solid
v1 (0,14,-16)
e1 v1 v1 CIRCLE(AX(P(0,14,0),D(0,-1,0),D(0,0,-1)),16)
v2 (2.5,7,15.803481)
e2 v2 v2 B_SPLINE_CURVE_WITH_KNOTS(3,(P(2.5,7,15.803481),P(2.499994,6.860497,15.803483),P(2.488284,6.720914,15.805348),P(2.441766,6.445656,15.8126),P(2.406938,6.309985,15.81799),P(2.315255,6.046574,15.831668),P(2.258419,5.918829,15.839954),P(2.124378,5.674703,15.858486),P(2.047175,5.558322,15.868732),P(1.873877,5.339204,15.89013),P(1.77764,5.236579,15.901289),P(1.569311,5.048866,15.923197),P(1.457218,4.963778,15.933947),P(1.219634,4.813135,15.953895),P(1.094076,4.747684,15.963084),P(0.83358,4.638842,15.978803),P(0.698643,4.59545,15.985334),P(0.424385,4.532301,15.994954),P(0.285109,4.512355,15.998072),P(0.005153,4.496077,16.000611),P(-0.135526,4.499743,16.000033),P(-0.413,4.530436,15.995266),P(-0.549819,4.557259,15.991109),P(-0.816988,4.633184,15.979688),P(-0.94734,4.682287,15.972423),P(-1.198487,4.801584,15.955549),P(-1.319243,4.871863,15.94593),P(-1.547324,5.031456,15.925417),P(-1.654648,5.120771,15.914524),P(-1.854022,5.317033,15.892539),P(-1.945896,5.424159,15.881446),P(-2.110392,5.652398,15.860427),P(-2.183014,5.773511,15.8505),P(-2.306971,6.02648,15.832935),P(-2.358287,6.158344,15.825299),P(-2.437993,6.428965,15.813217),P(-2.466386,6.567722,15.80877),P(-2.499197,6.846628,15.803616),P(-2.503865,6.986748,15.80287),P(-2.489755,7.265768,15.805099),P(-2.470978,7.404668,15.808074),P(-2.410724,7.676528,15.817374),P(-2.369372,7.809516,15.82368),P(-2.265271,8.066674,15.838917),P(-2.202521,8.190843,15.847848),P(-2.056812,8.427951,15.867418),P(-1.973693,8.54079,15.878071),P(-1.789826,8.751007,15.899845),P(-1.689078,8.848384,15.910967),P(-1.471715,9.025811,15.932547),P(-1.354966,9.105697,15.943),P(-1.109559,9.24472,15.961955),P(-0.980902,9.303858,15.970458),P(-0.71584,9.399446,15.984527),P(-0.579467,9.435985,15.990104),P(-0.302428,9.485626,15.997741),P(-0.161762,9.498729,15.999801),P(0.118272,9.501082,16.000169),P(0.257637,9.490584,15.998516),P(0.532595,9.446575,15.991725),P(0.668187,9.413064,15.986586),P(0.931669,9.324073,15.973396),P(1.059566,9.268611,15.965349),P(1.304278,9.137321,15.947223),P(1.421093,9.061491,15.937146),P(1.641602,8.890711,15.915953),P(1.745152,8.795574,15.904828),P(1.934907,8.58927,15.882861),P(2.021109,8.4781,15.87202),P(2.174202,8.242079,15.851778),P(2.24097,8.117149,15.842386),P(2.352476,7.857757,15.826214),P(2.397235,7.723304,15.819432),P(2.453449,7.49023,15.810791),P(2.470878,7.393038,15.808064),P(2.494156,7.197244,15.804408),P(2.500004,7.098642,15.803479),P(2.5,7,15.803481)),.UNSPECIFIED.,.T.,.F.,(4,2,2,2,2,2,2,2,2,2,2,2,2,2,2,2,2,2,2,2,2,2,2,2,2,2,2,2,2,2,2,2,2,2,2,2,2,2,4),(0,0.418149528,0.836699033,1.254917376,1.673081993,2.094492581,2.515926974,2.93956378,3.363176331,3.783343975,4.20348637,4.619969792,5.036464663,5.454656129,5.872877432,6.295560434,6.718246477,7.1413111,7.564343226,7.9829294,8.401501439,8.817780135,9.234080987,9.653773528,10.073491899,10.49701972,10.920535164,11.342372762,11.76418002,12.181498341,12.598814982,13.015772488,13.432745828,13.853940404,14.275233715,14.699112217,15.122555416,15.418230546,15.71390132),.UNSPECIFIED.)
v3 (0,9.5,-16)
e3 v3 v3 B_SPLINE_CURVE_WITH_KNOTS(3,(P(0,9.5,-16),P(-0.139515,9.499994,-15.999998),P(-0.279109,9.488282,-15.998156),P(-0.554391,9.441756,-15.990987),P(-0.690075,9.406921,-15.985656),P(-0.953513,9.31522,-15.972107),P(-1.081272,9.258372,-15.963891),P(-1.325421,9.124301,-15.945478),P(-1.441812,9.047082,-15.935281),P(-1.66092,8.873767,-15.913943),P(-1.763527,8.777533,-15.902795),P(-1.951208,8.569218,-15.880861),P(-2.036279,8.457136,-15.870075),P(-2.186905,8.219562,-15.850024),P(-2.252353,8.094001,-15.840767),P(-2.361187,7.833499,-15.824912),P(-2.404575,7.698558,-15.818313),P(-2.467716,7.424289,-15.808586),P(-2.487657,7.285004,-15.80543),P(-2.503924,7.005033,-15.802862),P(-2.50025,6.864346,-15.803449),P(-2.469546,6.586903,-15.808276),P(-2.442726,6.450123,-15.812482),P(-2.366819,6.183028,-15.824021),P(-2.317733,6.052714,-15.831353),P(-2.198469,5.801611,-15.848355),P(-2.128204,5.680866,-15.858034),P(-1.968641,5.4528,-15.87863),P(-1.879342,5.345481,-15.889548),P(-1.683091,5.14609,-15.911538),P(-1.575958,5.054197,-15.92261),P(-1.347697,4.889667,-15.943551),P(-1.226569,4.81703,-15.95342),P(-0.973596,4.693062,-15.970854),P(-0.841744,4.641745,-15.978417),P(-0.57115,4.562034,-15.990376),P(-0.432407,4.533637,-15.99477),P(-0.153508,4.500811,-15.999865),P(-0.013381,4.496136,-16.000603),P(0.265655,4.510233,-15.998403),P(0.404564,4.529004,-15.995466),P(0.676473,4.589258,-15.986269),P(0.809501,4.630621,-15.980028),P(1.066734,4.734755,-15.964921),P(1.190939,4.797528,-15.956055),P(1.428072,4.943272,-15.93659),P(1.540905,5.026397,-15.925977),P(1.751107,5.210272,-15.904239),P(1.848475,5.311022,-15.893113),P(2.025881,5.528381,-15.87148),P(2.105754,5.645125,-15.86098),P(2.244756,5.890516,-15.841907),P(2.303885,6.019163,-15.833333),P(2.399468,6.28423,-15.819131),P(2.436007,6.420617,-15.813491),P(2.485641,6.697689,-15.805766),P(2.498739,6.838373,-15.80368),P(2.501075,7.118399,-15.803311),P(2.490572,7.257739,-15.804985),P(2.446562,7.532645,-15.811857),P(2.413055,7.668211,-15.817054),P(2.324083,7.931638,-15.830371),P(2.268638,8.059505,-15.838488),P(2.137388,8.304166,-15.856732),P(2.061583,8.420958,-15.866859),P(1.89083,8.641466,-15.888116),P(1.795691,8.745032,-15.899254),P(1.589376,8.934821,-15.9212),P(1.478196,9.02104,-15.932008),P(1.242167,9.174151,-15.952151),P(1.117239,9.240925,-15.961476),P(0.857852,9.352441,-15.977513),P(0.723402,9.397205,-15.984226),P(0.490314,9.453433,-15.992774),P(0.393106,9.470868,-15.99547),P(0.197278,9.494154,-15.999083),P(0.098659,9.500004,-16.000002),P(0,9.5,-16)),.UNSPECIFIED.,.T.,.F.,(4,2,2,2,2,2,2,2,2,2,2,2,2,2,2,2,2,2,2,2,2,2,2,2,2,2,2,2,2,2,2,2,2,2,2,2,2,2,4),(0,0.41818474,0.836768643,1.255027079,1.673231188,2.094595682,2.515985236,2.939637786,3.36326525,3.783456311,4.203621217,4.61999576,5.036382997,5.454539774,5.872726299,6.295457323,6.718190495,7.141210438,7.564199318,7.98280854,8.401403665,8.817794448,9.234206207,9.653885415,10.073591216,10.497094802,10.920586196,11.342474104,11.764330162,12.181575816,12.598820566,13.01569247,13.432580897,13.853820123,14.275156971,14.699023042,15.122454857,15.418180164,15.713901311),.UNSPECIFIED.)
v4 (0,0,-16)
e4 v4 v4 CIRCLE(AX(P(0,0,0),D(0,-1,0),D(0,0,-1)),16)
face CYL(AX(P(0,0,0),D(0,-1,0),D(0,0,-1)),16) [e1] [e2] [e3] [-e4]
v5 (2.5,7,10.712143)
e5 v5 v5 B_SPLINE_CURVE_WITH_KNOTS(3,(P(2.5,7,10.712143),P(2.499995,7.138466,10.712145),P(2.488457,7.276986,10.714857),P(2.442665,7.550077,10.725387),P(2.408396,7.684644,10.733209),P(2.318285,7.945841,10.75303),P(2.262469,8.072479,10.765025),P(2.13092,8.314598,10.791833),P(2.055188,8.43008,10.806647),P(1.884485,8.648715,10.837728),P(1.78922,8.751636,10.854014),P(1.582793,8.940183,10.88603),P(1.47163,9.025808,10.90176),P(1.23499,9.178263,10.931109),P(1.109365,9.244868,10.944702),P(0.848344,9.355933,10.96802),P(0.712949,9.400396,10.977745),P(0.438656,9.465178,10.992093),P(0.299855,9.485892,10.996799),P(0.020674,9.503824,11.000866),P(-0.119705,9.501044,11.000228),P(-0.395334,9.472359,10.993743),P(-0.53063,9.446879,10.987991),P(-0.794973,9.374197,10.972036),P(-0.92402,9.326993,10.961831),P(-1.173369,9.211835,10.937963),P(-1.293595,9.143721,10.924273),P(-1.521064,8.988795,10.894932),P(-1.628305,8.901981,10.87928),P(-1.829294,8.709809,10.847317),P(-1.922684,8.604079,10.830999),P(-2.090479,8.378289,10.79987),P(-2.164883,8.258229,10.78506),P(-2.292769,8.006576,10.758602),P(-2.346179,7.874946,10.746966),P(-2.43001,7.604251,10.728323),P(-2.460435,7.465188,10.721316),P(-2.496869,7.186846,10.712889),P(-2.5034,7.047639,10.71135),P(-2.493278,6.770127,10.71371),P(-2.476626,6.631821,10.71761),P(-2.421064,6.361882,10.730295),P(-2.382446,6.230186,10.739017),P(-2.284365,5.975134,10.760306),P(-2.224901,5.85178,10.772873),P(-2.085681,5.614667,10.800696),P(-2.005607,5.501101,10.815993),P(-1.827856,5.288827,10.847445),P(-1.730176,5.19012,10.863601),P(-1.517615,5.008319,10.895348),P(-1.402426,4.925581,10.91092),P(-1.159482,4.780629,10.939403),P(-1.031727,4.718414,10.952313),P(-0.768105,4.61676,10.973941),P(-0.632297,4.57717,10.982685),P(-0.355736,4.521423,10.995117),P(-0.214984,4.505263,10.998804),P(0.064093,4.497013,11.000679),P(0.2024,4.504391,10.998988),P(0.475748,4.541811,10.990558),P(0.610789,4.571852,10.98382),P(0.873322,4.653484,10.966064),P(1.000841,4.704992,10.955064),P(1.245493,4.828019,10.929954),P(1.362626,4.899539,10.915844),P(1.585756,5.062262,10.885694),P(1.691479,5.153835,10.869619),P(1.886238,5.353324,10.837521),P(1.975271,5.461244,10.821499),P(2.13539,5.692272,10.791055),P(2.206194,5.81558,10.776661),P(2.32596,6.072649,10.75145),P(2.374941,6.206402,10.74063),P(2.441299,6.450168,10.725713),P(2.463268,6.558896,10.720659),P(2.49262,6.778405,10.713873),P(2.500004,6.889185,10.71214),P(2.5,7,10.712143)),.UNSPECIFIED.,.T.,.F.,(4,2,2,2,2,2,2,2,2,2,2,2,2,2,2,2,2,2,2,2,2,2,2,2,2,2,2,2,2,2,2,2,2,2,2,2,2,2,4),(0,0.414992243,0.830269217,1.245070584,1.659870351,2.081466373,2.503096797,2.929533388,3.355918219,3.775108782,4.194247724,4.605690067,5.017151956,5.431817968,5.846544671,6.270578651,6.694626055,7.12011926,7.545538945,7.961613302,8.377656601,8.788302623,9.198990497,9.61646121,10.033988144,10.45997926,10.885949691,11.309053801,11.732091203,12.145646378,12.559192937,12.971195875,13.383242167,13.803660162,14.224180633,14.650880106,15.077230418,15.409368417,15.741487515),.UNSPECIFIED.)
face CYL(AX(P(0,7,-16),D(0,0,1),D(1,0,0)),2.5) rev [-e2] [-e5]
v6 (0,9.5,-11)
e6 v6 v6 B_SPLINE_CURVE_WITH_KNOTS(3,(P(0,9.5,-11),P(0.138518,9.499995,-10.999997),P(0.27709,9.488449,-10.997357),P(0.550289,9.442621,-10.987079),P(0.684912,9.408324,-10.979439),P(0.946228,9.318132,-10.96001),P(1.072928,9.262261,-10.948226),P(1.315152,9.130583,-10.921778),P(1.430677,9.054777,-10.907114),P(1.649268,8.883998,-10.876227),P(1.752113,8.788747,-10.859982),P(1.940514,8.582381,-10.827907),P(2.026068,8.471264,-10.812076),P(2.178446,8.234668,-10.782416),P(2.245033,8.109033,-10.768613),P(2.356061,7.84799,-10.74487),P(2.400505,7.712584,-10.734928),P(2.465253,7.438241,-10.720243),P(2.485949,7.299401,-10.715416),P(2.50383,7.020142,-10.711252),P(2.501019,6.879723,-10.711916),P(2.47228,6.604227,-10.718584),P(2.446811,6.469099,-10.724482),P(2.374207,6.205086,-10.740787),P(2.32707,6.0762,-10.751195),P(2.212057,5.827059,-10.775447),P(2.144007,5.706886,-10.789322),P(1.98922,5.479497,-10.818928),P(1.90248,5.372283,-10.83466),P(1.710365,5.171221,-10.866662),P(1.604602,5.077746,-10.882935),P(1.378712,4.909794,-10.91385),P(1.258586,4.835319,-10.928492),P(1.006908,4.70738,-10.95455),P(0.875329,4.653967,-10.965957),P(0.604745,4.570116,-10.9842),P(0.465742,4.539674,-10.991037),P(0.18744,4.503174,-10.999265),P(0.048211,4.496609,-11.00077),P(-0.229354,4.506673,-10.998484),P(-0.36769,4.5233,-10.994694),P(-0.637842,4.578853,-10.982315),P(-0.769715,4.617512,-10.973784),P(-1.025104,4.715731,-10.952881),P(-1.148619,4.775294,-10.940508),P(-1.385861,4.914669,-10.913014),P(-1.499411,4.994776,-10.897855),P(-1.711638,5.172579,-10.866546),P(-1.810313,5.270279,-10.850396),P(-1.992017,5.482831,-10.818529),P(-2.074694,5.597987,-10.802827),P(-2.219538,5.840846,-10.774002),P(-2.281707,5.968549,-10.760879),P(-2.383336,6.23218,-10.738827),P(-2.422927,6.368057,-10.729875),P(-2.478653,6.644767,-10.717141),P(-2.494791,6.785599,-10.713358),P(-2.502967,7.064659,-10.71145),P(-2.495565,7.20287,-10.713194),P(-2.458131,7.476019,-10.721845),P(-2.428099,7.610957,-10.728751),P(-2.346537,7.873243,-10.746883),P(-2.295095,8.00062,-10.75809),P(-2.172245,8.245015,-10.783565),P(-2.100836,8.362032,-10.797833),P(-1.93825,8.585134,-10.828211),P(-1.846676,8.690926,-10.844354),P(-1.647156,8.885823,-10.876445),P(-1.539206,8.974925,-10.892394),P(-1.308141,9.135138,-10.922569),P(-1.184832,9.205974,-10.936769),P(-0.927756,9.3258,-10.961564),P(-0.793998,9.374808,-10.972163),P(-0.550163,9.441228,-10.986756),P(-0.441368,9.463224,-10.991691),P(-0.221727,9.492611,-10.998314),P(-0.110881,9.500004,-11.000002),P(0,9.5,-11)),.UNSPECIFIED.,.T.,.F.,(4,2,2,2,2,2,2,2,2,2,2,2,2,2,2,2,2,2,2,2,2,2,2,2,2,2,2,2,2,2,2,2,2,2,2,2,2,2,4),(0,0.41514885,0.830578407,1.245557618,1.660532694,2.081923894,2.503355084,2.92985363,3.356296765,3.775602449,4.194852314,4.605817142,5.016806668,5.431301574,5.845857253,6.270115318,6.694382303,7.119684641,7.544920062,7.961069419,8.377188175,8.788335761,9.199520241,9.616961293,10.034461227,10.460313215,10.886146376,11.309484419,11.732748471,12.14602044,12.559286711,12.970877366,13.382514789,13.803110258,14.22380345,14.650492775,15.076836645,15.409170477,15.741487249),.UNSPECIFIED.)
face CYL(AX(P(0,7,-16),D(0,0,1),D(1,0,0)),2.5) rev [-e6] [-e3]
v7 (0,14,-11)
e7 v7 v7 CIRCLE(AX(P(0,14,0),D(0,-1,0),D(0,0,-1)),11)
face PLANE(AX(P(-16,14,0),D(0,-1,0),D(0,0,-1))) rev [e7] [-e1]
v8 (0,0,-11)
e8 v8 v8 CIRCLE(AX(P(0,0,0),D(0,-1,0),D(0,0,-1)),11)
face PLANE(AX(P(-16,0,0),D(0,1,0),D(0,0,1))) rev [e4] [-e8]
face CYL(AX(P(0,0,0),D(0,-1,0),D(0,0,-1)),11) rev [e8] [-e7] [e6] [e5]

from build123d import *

# Parameters (mm, degrees)
SKETCH1_W               = 5
SKETCH1_H               = 14
CUT_EXTRUDE1_DEPTH      = 27.608269391
CUT_EXTRUDE1_DEPTH_BACK = 27.608269391
SKETCH2_R               = 2.5


with BuildPart() as part:
    # Sketch1 → Revolve1 (revolve)
    with BuildSketch(Plane.XY, mode=Mode.PRIVATE) as revolve1_sk:
        with Locations((-13.5, 7)):
            Rectangle(SKETCH1_W, SKETCH1_H)
    revolve(revolve1_sk.sketch.rotate(Axis((0, 0, 0), (0, 1, 0)), 270), axis=Axis((0, 0, 0), (0, 1, 0)))

    # Sketch2 → Cut-Extrude1 (cut, two sides: drawn at the far end of the back side and taken through both)
    with BuildSketch(Plane.XY.offset(-CUT_EXTRUDE1_DEPTH_BACK)):
        with Locations((0, 7)):
            Circle(SKETCH2_R)
    extrude(amount=CUT_EXTRUDE1_DEPTH + CUT_EXTRUDE1_DEPTH_BACK, mode=Mode.SUBTRACT)


solid = part.part
